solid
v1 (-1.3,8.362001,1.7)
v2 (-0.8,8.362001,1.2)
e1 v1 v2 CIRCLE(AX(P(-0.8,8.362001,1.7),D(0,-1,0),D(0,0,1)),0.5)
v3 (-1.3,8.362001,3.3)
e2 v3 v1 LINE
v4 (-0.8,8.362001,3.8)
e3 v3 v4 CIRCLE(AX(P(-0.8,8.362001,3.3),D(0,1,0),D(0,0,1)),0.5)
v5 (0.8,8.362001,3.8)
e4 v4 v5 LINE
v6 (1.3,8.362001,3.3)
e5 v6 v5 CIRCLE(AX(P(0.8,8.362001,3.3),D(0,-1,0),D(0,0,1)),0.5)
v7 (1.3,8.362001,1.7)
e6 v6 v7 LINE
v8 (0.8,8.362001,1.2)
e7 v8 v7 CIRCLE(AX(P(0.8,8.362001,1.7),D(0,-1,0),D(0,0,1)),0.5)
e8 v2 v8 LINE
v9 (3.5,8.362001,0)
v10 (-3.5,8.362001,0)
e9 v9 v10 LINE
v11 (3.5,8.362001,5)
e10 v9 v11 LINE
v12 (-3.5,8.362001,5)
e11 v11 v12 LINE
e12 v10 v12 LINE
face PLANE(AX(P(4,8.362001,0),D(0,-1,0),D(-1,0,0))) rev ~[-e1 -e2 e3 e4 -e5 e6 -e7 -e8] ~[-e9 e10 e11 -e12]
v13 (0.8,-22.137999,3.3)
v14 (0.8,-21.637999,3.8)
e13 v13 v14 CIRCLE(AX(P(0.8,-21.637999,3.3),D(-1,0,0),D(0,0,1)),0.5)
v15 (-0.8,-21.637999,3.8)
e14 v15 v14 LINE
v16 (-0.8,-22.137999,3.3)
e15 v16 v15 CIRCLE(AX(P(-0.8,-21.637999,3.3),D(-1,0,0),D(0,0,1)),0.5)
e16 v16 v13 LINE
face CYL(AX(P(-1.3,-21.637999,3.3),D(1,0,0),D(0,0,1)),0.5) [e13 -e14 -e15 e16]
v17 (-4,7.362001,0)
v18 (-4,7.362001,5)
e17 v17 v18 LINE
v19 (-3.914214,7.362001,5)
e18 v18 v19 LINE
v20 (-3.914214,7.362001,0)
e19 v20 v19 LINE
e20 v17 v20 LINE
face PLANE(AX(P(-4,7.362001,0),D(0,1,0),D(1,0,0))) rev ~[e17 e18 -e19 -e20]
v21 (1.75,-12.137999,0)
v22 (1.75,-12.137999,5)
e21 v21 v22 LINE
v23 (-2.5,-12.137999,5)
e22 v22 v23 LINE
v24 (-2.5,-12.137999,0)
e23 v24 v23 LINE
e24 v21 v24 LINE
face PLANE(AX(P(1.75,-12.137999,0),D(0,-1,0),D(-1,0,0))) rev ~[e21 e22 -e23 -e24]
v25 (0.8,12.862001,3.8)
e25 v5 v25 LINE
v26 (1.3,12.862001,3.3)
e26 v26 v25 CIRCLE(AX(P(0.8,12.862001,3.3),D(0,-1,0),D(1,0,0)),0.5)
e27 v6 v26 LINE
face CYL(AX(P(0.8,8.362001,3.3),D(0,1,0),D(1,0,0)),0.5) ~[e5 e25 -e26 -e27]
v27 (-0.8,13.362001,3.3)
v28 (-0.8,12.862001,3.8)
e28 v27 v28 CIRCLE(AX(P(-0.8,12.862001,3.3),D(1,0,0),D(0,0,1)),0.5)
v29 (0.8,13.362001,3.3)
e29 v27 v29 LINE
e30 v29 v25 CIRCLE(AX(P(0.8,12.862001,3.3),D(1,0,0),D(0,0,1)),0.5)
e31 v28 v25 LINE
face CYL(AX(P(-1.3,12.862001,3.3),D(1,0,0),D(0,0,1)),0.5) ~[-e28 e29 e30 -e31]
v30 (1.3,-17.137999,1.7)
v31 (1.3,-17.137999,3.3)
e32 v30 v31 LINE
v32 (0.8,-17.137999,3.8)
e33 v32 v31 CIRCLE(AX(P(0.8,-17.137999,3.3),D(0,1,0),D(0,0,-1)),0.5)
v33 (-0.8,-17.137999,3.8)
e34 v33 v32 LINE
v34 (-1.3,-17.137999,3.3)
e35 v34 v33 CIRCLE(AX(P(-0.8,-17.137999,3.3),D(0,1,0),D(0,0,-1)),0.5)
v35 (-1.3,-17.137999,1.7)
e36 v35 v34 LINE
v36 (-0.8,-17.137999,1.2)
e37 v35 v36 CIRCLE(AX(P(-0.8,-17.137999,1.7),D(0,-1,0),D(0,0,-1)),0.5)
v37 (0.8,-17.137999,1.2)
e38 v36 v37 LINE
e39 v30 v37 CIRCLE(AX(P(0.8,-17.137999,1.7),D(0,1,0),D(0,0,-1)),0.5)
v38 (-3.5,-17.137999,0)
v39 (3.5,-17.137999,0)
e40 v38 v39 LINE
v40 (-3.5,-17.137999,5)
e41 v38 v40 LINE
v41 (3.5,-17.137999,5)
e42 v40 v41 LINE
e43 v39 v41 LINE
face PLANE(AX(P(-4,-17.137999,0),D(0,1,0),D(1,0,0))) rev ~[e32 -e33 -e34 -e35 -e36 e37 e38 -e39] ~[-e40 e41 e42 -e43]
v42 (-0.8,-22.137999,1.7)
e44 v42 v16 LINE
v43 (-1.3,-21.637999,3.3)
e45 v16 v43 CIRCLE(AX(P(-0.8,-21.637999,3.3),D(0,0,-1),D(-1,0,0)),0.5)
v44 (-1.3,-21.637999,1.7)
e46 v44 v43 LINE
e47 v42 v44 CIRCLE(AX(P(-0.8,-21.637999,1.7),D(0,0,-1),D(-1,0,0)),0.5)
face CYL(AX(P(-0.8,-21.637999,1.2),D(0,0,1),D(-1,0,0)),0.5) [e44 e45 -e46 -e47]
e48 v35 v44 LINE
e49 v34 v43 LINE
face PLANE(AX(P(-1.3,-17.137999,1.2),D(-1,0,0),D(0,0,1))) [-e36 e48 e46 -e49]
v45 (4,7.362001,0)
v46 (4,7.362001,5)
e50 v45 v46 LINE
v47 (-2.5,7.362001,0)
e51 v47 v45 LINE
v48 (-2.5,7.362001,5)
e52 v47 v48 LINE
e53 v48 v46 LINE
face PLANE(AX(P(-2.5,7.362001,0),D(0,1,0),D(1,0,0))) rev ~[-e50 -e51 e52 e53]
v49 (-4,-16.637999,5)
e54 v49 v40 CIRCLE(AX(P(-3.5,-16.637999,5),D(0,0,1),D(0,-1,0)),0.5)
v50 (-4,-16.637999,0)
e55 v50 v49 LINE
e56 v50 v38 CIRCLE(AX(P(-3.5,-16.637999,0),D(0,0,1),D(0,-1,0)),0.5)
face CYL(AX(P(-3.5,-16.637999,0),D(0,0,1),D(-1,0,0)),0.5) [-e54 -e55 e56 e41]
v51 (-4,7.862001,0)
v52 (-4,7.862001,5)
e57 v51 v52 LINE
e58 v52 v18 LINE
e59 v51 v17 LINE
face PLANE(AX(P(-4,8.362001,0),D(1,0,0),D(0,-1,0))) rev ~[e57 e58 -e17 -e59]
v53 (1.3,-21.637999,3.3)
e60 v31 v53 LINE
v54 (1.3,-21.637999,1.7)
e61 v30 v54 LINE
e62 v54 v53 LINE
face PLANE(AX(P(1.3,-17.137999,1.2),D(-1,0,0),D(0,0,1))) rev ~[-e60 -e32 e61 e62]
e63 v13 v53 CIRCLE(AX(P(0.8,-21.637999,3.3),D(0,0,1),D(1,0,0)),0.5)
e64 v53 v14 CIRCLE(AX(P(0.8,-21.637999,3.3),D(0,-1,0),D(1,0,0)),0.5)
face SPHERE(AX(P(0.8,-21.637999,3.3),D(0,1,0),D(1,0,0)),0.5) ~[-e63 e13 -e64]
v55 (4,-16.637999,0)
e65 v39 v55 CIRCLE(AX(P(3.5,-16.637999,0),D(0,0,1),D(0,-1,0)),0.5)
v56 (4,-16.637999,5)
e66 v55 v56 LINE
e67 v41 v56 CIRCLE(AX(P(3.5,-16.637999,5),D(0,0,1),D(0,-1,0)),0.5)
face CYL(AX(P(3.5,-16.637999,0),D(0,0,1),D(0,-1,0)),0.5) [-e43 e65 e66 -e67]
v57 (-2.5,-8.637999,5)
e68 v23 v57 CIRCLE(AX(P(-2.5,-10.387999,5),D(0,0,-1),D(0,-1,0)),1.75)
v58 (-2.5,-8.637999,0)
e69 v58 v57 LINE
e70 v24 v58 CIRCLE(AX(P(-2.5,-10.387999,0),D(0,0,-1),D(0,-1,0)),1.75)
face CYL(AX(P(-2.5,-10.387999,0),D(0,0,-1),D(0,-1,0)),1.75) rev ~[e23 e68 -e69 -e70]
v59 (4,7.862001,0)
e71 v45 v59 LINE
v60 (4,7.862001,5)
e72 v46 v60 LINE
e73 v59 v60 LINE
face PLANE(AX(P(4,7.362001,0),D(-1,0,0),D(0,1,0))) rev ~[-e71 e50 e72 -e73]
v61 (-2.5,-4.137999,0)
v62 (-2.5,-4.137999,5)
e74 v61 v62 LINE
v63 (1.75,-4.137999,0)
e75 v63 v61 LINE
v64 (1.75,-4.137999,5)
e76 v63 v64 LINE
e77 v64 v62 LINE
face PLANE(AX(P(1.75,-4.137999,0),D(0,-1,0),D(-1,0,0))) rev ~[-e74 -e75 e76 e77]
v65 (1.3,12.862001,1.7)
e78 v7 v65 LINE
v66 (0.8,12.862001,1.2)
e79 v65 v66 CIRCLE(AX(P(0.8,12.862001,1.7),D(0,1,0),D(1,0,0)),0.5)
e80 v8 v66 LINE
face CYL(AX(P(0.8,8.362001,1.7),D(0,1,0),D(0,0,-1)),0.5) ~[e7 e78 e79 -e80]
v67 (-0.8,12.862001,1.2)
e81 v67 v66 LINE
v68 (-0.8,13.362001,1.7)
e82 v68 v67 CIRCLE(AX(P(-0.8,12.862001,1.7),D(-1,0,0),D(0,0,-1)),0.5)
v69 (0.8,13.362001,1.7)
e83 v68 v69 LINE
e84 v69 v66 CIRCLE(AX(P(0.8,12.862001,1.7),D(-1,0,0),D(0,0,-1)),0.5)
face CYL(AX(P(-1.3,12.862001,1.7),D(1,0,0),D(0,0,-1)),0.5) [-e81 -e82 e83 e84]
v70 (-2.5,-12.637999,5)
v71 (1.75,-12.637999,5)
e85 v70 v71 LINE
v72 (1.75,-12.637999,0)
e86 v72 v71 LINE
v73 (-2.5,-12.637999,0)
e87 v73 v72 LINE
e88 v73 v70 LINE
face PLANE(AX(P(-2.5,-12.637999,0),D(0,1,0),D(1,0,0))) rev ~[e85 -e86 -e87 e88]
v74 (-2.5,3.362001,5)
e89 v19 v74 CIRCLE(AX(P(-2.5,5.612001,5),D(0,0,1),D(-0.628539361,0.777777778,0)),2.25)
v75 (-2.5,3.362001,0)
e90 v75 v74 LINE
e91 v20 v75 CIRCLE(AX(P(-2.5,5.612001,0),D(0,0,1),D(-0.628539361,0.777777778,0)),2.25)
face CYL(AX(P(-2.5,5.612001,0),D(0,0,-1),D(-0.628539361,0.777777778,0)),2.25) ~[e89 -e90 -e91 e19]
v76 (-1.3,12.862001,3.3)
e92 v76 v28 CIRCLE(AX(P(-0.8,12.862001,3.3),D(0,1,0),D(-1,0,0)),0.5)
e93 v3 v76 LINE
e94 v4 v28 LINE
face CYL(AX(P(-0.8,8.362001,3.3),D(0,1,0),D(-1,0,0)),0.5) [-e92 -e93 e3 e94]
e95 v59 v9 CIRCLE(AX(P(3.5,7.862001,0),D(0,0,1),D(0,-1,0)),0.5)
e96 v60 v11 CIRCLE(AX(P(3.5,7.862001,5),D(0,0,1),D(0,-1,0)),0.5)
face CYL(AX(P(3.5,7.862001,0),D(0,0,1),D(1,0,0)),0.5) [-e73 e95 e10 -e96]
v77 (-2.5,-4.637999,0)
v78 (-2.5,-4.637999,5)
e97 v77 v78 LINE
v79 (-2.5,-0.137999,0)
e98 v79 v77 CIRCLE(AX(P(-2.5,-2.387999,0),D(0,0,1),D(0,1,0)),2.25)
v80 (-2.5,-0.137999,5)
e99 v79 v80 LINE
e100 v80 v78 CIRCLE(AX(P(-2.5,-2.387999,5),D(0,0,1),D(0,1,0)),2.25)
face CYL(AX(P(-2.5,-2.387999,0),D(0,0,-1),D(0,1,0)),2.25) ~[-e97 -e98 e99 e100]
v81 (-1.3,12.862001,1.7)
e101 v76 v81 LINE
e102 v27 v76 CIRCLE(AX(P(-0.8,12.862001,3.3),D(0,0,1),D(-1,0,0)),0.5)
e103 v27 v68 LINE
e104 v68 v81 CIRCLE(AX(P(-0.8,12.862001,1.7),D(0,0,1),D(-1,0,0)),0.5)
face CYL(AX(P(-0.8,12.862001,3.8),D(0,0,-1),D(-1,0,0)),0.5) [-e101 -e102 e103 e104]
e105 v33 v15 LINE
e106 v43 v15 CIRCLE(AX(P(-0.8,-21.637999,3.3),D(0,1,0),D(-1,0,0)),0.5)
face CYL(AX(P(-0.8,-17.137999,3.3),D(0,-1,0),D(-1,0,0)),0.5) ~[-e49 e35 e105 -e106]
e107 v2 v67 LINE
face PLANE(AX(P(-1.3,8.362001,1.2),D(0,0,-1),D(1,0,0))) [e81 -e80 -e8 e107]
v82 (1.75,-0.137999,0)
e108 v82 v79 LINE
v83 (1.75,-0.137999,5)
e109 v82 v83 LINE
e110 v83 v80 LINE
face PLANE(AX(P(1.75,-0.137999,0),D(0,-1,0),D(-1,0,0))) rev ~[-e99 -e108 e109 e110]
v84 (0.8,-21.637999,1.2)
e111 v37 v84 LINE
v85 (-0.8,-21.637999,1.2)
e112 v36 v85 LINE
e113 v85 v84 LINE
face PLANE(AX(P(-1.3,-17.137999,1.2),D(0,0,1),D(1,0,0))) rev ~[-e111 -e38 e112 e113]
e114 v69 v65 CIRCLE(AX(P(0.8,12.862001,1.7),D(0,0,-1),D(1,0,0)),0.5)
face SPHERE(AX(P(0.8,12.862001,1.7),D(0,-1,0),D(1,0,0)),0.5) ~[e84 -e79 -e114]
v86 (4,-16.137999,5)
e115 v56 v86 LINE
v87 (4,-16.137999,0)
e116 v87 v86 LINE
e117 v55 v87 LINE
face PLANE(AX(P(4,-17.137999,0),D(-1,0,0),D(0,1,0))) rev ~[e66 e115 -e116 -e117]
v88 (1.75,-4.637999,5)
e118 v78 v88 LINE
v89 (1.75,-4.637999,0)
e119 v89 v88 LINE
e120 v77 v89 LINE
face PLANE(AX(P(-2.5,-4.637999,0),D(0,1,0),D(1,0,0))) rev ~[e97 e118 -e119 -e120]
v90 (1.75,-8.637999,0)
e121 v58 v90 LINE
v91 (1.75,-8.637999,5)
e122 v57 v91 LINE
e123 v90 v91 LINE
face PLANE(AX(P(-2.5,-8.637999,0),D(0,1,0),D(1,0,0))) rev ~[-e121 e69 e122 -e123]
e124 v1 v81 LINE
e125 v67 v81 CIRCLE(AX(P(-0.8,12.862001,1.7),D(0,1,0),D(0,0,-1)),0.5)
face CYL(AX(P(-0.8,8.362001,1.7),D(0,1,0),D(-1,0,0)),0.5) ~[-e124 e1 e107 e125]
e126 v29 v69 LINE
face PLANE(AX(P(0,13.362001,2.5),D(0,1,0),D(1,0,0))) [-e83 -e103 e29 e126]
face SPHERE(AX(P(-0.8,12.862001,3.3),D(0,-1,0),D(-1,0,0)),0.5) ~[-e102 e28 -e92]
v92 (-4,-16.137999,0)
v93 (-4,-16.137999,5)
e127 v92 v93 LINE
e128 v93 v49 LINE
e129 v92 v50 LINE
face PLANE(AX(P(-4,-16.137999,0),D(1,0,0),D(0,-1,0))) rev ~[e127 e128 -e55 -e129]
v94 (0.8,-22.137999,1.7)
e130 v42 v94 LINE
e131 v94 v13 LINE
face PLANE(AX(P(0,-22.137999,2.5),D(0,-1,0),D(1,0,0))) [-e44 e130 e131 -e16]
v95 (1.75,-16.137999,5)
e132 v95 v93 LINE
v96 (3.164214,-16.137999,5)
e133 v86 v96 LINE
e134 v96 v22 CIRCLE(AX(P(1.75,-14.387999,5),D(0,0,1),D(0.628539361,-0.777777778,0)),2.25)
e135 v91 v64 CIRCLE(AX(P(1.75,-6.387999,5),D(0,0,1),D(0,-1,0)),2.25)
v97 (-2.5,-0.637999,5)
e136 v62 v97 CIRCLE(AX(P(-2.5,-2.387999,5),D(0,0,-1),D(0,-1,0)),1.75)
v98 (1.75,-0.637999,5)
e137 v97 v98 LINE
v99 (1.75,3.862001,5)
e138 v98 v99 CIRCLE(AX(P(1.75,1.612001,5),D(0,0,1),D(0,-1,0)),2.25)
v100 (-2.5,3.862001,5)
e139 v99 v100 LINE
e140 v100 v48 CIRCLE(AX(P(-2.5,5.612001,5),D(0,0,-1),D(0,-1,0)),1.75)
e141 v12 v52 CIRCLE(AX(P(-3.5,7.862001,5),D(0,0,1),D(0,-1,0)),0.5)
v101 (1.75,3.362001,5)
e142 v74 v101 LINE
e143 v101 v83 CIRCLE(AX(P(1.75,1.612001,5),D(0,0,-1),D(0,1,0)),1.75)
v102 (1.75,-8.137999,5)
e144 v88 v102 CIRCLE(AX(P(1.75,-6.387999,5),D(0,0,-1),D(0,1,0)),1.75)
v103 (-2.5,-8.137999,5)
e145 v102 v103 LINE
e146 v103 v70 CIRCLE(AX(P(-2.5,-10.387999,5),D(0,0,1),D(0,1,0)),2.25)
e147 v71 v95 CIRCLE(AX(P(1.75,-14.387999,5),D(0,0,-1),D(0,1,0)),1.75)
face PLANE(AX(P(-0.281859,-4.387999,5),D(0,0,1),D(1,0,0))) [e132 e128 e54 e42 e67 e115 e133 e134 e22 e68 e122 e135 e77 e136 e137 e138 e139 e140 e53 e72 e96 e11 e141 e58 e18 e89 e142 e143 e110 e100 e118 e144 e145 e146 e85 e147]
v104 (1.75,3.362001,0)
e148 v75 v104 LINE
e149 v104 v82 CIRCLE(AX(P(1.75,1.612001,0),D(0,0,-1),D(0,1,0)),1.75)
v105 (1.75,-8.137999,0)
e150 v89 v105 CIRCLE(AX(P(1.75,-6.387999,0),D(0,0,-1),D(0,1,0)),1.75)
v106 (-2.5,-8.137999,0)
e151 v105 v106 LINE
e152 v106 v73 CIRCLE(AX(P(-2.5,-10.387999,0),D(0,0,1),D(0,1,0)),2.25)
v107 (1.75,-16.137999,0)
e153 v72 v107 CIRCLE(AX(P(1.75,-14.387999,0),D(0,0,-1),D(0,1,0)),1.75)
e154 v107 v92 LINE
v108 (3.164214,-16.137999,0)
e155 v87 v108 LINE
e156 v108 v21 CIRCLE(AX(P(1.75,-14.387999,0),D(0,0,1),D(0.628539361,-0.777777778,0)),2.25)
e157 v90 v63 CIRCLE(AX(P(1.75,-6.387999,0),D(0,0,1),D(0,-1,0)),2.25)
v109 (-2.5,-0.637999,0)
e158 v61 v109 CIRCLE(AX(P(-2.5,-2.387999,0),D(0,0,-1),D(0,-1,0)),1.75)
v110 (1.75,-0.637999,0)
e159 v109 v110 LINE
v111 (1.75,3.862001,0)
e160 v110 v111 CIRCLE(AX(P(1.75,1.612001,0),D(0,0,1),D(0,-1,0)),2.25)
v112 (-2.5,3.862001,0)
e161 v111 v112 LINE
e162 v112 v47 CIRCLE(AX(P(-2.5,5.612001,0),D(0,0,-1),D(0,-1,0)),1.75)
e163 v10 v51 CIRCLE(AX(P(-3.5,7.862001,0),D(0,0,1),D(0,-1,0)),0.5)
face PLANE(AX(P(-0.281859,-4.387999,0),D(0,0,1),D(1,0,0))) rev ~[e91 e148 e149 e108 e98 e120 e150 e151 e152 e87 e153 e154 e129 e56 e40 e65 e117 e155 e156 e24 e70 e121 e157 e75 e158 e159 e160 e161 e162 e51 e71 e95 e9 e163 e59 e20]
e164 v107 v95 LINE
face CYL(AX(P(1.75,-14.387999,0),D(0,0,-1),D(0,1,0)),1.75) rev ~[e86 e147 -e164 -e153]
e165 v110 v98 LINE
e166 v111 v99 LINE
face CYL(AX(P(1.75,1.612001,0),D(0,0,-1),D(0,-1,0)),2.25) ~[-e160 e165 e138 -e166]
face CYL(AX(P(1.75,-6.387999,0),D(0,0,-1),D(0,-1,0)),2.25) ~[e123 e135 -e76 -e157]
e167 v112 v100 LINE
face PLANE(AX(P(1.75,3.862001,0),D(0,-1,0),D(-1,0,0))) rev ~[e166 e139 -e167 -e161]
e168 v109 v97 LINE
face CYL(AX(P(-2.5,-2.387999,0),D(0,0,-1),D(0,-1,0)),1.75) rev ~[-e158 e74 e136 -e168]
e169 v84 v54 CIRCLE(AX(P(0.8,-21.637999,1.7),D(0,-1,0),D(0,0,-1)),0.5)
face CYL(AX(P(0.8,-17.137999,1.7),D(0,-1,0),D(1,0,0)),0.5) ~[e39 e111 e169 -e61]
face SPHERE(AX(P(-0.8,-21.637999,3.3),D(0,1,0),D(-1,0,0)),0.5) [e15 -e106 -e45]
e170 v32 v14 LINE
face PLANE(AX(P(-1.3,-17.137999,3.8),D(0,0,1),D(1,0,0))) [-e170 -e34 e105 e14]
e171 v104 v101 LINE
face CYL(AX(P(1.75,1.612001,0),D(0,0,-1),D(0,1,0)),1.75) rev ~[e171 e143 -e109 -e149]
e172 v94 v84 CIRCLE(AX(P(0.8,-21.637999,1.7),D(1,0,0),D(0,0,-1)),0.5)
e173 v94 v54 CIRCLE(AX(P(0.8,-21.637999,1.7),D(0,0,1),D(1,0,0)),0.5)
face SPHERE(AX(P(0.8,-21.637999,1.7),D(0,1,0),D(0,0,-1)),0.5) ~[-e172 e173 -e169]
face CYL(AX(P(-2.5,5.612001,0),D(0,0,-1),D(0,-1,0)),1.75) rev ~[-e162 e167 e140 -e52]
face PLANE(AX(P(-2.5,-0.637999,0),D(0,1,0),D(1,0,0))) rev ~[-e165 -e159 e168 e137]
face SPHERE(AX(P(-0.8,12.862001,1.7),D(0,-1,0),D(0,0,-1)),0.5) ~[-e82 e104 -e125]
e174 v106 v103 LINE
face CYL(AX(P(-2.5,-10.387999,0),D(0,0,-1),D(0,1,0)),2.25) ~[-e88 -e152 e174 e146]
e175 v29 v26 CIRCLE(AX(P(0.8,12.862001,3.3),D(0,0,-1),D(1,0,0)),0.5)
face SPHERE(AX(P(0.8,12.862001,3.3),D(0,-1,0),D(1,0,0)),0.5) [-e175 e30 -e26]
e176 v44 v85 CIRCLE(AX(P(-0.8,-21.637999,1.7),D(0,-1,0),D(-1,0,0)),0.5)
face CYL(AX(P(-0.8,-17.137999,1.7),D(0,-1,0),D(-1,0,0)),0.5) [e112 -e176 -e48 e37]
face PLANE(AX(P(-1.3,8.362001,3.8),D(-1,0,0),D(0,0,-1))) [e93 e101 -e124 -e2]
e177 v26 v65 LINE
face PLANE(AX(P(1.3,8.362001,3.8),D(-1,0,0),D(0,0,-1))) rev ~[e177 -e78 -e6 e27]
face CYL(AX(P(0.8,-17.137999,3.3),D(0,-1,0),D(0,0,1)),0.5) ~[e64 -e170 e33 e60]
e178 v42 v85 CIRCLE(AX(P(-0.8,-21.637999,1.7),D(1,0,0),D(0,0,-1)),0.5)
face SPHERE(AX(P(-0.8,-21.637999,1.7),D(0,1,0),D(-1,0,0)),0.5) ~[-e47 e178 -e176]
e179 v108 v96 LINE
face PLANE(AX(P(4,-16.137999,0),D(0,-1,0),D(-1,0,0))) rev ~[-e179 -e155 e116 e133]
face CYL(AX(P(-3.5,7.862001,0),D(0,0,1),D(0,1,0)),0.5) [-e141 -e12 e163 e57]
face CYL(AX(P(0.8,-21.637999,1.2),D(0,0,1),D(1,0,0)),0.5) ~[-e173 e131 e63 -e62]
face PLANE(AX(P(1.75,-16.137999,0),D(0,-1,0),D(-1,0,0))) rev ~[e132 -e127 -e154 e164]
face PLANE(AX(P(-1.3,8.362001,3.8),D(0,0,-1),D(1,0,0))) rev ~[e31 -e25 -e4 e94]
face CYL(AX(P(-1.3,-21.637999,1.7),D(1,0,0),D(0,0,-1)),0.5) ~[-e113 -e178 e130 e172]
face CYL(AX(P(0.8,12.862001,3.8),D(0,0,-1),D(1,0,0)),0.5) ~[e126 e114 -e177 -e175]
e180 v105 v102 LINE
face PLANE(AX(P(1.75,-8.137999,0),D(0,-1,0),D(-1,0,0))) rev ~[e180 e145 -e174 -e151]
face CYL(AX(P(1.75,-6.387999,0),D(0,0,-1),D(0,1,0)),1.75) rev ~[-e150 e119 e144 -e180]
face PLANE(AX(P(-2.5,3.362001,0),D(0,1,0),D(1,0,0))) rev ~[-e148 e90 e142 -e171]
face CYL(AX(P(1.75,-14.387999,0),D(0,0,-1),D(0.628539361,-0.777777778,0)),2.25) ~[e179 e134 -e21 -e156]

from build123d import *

# Parameters (mm, degrees)
BOSS_EXTRUDE1_DEPTH = 5
SKETCH3_W           = 2.6
SKETCH3_H           = 2.6
BOSS_EXTRUDE2_DEPTH = 5
SKETCH4_W           = 2.6
SKETCH4_H           = 2.6
BOSS_EXTRUDE3_DEPTH = 5
FILLET1_R           = 0.5


with BuildPart() as part:
    # Sketch2 → Boss-Extrude1 (new body)
    with BuildSketch(Plane.XY):
        with BuildLine():
            Line((1.75, -16.137999311), (-4, -16.137999311))
            Line((-4, -16.137999311), (-4, -17.137999311))
            Line((-4, -17.137999311), (4, -17.137999311))
            Line((4, -17.137999311), (4, -16.137999311))
            Line((4, -16.137999311), (3.164213562, -16.137999311))
            ThreePointArc((3.164213562, -16.137999311), (3.871320344, -13.637999311), (1.75, -12.137999311))
            Line((1.75, -12.137999311), (-2.5, -12.137999311))
            ThreePointArc((-2.5, -12.137999311), (-4.25, -10.387999311), (-2.5, -8.637999311))
            Line((-2.5, -8.637999311), (1.75, -8.637999311))
            ThreePointArc((1.75, -8.637999311), (4, -6.387999311), (1.75, -4.137999311))
            Line((1.75, -4.137999311), (-2.5, -4.137999311))
            ThreePointArc((-2.5, -4.137999311), (-4.25, -2.387999311), (-2.5, -0.637999311))
            Line((-2.5, -0.637999311), (1.75, -0.637999311))
            ThreePointArc((1.75, -0.637999311), (4, 1.612000689), (1.75, 3.862000689))
            Line((1.75, 3.862000689), (-2.5, 3.862000689))
            ThreePointArc((-2.5, 3.862000689), (-4.25, 5.612000689), (-2.5, 7.362000689))
            Line((-2.5, 7.362000689), (4, 7.362000689))
            Line((4, 7.362000689), (4, 8.362000689))
            Line((4, 8.362000689), (-4, 8.362000689))
            Line((-4, 8.362000689), (-4, 7.362000689))
            Line((-4, 7.362000689), (-3.914213562, 7.362000689))
            ThreePointArc((-3.914213562, 7.362000689), (-4.621320344, 4.862000689), (-2.5, 3.362000689))
            Line((-2.5, 3.362000689), (1.75, 3.362000689))
            ThreePointArc((1.75, 3.362000689), (3.5, 1.612000689), (1.75, -0.137999311))
            Line((1.75, -0.137999311), (-2.5, -0.137999311))
            ThreePointArc((-2.5, -0.137999311), (-4.75, -2.387999311), (-2.5, -4.637999311))
            Line((-2.5, -4.637999311), (1.75, -4.637999311))
            ThreePointArc((1.75, -4.637999311), (3.5, -6.387999311), (1.75, -8.137999311))
            Line((1.75, -8.137999311), (-2.5, -8.137999311))
            ThreePointArc((-2.5, -8.137999311), (-4.75, -10.387999311), (-2.5, -12.637999311))
            Line((-2.5, -12.637999311), (1.75, -12.637999311))
            ThreePointArc((1.75, -12.637999311), (3.5, -14.387999311), (1.75, -16.137999311))
        make_face()
    extrude(amount=BOSS_EXTRUDE1_DEPTH)

    # Sketch3 → Boss-Extrude2 (add)
    with BuildSketch(Plane(origin=(0, 8.362000689, 0), x_dir=(1, 0, 0), z_dir=(0, 1, 0))):
        with Locations((0, -2.5)):
            Rectangle(SKETCH3_W, SKETCH3_H)
    extrude(amount=BOSS_EXTRUDE2_DEPTH)

    # Sketch4 → Boss-Extrude3 (add)
    with BuildSketch(Plane.XZ.offset(17.137999311)):
        with Locations((0, 2.5)):
            Rectangle(SKETCH4_W, SKETCH4_H)
    extrude(amount=BOSS_EXTRUDE3_DEPTH)

    # Fillet1
    fillet1_edges = [part.edges().sort_by_distance(p)[0] for p in [
        (1.3, 10.862000689, 3.8),
        (1.3, 10.862000689, 1.2),
        (-1.3, 10.862000689, 1.2),
        (-1.3, 10.862000689, 3.8),
        (1.3, 13.362000689, 2.5),
        (0, 13.362000689, 1.2),
        (-1.3, 13.362000689, 2.5),
        (0, 13.362000689, 3.8),
        (-1.3, -19.637999311, 3.8),
        (-1.3, -19.637999311, 1.2),
        (1.3, -19.637999311, 1.2),
        (1.3, -19.637999311, 3.8),
        (-1.3, -22.137999311, 2.5),
        (0, -22.137999311, 1.2),
        (1.3, -22.137999311, 2.5),
        (0, -22.137999311, 3.8),
        (-4, 8.362000689, 2.5),
        (4, 8.362000689, 2.5),
        (4, -17.137999311, 2.5),
        (-4, -17.137999311, 2.5),
    ]]
    fillet(fillet1_edges, radius=FILLET1_R)


solid = part.part
